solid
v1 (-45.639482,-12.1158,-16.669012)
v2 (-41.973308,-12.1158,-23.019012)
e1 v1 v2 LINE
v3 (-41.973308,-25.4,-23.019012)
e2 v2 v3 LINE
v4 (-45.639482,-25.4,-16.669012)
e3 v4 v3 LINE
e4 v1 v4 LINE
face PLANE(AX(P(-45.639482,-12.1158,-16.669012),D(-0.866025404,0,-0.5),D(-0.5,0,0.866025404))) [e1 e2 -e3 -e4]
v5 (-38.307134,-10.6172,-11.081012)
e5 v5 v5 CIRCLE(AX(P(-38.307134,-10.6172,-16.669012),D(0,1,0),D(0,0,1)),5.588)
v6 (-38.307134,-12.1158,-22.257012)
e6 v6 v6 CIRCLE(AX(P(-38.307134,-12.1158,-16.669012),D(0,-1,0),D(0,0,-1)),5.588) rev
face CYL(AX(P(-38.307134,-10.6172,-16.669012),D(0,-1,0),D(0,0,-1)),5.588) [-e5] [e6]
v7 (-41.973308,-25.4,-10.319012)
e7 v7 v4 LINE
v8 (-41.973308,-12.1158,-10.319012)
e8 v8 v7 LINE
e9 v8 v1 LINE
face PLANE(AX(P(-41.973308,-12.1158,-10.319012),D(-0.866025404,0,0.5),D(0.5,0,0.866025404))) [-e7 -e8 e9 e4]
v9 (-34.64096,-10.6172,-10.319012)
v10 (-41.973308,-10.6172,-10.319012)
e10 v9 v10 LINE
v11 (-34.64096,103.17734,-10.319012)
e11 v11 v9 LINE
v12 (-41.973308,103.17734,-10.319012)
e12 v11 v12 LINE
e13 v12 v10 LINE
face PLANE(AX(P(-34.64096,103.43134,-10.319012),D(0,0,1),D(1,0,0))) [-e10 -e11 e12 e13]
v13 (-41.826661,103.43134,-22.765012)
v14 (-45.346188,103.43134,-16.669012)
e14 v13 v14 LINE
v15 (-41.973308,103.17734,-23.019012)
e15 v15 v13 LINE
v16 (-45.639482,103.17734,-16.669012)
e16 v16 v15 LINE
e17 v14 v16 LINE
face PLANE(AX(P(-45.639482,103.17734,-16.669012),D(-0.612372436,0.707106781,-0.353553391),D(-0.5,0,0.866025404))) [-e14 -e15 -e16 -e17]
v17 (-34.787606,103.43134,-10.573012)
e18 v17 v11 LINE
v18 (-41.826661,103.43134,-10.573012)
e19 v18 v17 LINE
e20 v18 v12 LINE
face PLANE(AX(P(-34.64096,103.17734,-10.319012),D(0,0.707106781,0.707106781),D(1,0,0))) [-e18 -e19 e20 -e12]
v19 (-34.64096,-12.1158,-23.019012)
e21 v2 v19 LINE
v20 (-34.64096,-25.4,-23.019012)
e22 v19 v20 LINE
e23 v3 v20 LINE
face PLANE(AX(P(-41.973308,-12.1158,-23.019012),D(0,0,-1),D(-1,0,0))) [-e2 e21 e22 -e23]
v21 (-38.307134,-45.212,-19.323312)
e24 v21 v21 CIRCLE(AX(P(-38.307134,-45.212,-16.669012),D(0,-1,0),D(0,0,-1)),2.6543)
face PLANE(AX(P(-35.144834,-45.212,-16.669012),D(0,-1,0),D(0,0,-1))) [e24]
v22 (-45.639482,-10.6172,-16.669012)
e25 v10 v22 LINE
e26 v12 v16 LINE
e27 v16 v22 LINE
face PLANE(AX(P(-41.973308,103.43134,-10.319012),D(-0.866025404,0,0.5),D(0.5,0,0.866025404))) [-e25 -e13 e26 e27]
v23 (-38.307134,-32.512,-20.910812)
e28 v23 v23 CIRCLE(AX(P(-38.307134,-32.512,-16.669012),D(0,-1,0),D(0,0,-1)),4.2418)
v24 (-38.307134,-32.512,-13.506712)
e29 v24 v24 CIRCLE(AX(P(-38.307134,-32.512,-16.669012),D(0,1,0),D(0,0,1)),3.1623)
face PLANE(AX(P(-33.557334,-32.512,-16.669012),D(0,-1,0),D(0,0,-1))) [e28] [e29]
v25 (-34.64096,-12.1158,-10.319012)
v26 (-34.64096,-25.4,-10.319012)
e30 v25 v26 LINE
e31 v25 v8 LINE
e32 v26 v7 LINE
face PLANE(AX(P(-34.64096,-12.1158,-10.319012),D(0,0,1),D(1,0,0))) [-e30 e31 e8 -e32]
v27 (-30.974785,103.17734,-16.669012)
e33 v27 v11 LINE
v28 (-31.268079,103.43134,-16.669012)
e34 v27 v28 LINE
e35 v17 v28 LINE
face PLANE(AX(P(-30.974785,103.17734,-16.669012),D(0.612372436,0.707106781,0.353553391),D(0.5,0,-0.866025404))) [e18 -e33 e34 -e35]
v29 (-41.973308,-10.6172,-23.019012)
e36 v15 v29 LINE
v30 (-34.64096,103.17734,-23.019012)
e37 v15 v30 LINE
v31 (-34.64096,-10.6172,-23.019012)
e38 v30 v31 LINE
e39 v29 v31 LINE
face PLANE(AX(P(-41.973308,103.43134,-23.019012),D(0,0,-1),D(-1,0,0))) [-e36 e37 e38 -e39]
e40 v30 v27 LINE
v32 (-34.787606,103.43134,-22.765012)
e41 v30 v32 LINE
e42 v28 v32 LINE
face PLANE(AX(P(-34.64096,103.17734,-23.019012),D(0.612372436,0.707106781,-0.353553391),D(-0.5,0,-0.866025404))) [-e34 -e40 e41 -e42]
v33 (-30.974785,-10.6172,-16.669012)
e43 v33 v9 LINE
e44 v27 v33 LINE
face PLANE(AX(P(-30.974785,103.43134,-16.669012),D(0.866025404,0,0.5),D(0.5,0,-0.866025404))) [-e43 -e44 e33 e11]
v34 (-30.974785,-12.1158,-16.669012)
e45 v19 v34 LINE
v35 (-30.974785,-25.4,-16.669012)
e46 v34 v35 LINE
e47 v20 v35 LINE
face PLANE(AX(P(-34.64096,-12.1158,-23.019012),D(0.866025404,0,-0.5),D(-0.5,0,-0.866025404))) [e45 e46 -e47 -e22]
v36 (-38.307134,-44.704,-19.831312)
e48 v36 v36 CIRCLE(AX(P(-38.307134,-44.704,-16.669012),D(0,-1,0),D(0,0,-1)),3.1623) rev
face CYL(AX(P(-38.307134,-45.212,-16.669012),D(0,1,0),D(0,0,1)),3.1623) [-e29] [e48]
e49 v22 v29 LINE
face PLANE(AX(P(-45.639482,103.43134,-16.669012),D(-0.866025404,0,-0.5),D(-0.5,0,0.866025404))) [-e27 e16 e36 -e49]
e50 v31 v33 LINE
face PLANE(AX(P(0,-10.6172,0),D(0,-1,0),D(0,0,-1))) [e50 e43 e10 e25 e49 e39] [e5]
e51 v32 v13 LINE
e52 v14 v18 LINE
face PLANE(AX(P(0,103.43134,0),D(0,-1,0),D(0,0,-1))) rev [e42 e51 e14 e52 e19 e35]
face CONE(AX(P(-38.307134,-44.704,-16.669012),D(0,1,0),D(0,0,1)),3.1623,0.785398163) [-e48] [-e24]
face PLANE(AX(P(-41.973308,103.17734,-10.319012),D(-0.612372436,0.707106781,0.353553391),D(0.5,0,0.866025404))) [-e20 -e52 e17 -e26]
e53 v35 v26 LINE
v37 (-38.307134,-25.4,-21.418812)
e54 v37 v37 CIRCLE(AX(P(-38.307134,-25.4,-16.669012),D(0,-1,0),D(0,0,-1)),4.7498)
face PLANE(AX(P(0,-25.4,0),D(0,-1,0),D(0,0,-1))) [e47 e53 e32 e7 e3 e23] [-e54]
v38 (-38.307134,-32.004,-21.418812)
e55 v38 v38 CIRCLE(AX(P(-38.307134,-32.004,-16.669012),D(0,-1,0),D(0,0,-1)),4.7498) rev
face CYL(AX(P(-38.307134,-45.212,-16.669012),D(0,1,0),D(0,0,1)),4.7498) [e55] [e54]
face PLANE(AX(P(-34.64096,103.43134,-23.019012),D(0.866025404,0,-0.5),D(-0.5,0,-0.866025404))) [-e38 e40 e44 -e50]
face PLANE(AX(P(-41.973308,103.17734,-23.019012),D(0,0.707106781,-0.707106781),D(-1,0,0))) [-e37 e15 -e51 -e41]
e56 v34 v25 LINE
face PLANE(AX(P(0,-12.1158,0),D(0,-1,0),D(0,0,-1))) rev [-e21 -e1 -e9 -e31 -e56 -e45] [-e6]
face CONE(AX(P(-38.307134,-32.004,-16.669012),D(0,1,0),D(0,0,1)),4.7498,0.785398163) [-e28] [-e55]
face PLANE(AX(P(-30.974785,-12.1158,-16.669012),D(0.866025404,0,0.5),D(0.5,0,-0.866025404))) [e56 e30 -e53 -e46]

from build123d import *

# Parameters (mm, degrees)
BOSS_EXTRUDE1_DEPTH = 13.2842
SKETCH2_R           = 5.588
BOSS_EXTRUDE2_DEPTH = 1.4986
BOSS_EXTRUDE3_DEPTH = 114.04854
CHAMFER1_SIZE       = 0.508
CHAMFER2_SIZE       = 0.254


with BuildPart() as part:
    # Sketch1 → Boss-Extrude1 (new body)
    with BuildSketch(Plane.XZ.offset(25.4)):
        Polygon((-45.639482135, -16.669011646), (-41.973307925, -23.019011646), (-34.640959507, -23.019011646), (-30.974785297, -16.669011646), (-34.640959507, -10.319011646), (-41.973307925, -10.319011646), align=None)
    extrude(amount=-BOSS_EXTRUDE1_DEPTH)

    # Sketch2 → Boss-Extrude2 (add)
    with BuildSketch(Plane(origin=(0, -12.1158, 0), x_dir=(-1, 0, 0), z_dir=(0, 1, 0))):
        with Locations((38.307133716, -16.669011646)):
            Circle(SKETCH2_R)
    extrude(amount=BOSS_EXTRUDE2_DEPTH)

    # Sketch3 → Boss-Extrude3 (add)
    with BuildSketch(Plane.XZ.offset(10.6172)):
        Polygon((-45.639482135, -16.669011646), (-41.973307925, -23.019011646), (-34.640959507, -23.019011646), (-30.974785297, -16.669011646), (-34.640959507, -10.319011646), (-41.973307925, -10.319011646), align=None)
    extrude(amount=-BOSS_EXTRUDE3_DEPTH)

    # Sketch4 → Revolve1 (revolve)
    with BuildSketch(Plane(origin=(0, 0, -16.669011646), x_dir=(-1, 0, 0), z_dir=(0, 0, -1))):
        Polygon((35.144833716, -45.212), (38.307133716, -45.212), (38.307133716, -25.4), (33.557333716, -25.4), (33.557333716, -32.512), (35.144833716, -32.512), align=None)
    revolve(axis=Axis((-38.307133716, -45.212, -16.669011646), (0, 1, 0)))

    # Chamfer1
    chamfer1_edges = [part.edges().sort_by_distance(p)[0] for p in [
        (-41.469433716, -45.212, -16.669011646),
        (-43.056933716, -32.512, -16.669011646),
    ]]
    chamfer(chamfer1_edges, length=CHAMFER1_SIZE)

    # Chamfer2
    chamfer2_edges = [part.edges().sort_by_distance(p)[0] for p in [
        (-43.80639503, 103.43134, -13.494011646),
        (-38.307133716, 103.43134, -10.319011646),
        (-32.807872402, 103.43134, -13.494011646),
        (-32.807872402, 103.43134, -19.844011646),
        (-38.307133716, 103.43134, -23.019011646),
        (-43.80639503, 103.43134, -19.844011646),
    ]]
    chamfer(chamfer2_edges, length=CHAMFER2_SIZE)


solid = part.part
